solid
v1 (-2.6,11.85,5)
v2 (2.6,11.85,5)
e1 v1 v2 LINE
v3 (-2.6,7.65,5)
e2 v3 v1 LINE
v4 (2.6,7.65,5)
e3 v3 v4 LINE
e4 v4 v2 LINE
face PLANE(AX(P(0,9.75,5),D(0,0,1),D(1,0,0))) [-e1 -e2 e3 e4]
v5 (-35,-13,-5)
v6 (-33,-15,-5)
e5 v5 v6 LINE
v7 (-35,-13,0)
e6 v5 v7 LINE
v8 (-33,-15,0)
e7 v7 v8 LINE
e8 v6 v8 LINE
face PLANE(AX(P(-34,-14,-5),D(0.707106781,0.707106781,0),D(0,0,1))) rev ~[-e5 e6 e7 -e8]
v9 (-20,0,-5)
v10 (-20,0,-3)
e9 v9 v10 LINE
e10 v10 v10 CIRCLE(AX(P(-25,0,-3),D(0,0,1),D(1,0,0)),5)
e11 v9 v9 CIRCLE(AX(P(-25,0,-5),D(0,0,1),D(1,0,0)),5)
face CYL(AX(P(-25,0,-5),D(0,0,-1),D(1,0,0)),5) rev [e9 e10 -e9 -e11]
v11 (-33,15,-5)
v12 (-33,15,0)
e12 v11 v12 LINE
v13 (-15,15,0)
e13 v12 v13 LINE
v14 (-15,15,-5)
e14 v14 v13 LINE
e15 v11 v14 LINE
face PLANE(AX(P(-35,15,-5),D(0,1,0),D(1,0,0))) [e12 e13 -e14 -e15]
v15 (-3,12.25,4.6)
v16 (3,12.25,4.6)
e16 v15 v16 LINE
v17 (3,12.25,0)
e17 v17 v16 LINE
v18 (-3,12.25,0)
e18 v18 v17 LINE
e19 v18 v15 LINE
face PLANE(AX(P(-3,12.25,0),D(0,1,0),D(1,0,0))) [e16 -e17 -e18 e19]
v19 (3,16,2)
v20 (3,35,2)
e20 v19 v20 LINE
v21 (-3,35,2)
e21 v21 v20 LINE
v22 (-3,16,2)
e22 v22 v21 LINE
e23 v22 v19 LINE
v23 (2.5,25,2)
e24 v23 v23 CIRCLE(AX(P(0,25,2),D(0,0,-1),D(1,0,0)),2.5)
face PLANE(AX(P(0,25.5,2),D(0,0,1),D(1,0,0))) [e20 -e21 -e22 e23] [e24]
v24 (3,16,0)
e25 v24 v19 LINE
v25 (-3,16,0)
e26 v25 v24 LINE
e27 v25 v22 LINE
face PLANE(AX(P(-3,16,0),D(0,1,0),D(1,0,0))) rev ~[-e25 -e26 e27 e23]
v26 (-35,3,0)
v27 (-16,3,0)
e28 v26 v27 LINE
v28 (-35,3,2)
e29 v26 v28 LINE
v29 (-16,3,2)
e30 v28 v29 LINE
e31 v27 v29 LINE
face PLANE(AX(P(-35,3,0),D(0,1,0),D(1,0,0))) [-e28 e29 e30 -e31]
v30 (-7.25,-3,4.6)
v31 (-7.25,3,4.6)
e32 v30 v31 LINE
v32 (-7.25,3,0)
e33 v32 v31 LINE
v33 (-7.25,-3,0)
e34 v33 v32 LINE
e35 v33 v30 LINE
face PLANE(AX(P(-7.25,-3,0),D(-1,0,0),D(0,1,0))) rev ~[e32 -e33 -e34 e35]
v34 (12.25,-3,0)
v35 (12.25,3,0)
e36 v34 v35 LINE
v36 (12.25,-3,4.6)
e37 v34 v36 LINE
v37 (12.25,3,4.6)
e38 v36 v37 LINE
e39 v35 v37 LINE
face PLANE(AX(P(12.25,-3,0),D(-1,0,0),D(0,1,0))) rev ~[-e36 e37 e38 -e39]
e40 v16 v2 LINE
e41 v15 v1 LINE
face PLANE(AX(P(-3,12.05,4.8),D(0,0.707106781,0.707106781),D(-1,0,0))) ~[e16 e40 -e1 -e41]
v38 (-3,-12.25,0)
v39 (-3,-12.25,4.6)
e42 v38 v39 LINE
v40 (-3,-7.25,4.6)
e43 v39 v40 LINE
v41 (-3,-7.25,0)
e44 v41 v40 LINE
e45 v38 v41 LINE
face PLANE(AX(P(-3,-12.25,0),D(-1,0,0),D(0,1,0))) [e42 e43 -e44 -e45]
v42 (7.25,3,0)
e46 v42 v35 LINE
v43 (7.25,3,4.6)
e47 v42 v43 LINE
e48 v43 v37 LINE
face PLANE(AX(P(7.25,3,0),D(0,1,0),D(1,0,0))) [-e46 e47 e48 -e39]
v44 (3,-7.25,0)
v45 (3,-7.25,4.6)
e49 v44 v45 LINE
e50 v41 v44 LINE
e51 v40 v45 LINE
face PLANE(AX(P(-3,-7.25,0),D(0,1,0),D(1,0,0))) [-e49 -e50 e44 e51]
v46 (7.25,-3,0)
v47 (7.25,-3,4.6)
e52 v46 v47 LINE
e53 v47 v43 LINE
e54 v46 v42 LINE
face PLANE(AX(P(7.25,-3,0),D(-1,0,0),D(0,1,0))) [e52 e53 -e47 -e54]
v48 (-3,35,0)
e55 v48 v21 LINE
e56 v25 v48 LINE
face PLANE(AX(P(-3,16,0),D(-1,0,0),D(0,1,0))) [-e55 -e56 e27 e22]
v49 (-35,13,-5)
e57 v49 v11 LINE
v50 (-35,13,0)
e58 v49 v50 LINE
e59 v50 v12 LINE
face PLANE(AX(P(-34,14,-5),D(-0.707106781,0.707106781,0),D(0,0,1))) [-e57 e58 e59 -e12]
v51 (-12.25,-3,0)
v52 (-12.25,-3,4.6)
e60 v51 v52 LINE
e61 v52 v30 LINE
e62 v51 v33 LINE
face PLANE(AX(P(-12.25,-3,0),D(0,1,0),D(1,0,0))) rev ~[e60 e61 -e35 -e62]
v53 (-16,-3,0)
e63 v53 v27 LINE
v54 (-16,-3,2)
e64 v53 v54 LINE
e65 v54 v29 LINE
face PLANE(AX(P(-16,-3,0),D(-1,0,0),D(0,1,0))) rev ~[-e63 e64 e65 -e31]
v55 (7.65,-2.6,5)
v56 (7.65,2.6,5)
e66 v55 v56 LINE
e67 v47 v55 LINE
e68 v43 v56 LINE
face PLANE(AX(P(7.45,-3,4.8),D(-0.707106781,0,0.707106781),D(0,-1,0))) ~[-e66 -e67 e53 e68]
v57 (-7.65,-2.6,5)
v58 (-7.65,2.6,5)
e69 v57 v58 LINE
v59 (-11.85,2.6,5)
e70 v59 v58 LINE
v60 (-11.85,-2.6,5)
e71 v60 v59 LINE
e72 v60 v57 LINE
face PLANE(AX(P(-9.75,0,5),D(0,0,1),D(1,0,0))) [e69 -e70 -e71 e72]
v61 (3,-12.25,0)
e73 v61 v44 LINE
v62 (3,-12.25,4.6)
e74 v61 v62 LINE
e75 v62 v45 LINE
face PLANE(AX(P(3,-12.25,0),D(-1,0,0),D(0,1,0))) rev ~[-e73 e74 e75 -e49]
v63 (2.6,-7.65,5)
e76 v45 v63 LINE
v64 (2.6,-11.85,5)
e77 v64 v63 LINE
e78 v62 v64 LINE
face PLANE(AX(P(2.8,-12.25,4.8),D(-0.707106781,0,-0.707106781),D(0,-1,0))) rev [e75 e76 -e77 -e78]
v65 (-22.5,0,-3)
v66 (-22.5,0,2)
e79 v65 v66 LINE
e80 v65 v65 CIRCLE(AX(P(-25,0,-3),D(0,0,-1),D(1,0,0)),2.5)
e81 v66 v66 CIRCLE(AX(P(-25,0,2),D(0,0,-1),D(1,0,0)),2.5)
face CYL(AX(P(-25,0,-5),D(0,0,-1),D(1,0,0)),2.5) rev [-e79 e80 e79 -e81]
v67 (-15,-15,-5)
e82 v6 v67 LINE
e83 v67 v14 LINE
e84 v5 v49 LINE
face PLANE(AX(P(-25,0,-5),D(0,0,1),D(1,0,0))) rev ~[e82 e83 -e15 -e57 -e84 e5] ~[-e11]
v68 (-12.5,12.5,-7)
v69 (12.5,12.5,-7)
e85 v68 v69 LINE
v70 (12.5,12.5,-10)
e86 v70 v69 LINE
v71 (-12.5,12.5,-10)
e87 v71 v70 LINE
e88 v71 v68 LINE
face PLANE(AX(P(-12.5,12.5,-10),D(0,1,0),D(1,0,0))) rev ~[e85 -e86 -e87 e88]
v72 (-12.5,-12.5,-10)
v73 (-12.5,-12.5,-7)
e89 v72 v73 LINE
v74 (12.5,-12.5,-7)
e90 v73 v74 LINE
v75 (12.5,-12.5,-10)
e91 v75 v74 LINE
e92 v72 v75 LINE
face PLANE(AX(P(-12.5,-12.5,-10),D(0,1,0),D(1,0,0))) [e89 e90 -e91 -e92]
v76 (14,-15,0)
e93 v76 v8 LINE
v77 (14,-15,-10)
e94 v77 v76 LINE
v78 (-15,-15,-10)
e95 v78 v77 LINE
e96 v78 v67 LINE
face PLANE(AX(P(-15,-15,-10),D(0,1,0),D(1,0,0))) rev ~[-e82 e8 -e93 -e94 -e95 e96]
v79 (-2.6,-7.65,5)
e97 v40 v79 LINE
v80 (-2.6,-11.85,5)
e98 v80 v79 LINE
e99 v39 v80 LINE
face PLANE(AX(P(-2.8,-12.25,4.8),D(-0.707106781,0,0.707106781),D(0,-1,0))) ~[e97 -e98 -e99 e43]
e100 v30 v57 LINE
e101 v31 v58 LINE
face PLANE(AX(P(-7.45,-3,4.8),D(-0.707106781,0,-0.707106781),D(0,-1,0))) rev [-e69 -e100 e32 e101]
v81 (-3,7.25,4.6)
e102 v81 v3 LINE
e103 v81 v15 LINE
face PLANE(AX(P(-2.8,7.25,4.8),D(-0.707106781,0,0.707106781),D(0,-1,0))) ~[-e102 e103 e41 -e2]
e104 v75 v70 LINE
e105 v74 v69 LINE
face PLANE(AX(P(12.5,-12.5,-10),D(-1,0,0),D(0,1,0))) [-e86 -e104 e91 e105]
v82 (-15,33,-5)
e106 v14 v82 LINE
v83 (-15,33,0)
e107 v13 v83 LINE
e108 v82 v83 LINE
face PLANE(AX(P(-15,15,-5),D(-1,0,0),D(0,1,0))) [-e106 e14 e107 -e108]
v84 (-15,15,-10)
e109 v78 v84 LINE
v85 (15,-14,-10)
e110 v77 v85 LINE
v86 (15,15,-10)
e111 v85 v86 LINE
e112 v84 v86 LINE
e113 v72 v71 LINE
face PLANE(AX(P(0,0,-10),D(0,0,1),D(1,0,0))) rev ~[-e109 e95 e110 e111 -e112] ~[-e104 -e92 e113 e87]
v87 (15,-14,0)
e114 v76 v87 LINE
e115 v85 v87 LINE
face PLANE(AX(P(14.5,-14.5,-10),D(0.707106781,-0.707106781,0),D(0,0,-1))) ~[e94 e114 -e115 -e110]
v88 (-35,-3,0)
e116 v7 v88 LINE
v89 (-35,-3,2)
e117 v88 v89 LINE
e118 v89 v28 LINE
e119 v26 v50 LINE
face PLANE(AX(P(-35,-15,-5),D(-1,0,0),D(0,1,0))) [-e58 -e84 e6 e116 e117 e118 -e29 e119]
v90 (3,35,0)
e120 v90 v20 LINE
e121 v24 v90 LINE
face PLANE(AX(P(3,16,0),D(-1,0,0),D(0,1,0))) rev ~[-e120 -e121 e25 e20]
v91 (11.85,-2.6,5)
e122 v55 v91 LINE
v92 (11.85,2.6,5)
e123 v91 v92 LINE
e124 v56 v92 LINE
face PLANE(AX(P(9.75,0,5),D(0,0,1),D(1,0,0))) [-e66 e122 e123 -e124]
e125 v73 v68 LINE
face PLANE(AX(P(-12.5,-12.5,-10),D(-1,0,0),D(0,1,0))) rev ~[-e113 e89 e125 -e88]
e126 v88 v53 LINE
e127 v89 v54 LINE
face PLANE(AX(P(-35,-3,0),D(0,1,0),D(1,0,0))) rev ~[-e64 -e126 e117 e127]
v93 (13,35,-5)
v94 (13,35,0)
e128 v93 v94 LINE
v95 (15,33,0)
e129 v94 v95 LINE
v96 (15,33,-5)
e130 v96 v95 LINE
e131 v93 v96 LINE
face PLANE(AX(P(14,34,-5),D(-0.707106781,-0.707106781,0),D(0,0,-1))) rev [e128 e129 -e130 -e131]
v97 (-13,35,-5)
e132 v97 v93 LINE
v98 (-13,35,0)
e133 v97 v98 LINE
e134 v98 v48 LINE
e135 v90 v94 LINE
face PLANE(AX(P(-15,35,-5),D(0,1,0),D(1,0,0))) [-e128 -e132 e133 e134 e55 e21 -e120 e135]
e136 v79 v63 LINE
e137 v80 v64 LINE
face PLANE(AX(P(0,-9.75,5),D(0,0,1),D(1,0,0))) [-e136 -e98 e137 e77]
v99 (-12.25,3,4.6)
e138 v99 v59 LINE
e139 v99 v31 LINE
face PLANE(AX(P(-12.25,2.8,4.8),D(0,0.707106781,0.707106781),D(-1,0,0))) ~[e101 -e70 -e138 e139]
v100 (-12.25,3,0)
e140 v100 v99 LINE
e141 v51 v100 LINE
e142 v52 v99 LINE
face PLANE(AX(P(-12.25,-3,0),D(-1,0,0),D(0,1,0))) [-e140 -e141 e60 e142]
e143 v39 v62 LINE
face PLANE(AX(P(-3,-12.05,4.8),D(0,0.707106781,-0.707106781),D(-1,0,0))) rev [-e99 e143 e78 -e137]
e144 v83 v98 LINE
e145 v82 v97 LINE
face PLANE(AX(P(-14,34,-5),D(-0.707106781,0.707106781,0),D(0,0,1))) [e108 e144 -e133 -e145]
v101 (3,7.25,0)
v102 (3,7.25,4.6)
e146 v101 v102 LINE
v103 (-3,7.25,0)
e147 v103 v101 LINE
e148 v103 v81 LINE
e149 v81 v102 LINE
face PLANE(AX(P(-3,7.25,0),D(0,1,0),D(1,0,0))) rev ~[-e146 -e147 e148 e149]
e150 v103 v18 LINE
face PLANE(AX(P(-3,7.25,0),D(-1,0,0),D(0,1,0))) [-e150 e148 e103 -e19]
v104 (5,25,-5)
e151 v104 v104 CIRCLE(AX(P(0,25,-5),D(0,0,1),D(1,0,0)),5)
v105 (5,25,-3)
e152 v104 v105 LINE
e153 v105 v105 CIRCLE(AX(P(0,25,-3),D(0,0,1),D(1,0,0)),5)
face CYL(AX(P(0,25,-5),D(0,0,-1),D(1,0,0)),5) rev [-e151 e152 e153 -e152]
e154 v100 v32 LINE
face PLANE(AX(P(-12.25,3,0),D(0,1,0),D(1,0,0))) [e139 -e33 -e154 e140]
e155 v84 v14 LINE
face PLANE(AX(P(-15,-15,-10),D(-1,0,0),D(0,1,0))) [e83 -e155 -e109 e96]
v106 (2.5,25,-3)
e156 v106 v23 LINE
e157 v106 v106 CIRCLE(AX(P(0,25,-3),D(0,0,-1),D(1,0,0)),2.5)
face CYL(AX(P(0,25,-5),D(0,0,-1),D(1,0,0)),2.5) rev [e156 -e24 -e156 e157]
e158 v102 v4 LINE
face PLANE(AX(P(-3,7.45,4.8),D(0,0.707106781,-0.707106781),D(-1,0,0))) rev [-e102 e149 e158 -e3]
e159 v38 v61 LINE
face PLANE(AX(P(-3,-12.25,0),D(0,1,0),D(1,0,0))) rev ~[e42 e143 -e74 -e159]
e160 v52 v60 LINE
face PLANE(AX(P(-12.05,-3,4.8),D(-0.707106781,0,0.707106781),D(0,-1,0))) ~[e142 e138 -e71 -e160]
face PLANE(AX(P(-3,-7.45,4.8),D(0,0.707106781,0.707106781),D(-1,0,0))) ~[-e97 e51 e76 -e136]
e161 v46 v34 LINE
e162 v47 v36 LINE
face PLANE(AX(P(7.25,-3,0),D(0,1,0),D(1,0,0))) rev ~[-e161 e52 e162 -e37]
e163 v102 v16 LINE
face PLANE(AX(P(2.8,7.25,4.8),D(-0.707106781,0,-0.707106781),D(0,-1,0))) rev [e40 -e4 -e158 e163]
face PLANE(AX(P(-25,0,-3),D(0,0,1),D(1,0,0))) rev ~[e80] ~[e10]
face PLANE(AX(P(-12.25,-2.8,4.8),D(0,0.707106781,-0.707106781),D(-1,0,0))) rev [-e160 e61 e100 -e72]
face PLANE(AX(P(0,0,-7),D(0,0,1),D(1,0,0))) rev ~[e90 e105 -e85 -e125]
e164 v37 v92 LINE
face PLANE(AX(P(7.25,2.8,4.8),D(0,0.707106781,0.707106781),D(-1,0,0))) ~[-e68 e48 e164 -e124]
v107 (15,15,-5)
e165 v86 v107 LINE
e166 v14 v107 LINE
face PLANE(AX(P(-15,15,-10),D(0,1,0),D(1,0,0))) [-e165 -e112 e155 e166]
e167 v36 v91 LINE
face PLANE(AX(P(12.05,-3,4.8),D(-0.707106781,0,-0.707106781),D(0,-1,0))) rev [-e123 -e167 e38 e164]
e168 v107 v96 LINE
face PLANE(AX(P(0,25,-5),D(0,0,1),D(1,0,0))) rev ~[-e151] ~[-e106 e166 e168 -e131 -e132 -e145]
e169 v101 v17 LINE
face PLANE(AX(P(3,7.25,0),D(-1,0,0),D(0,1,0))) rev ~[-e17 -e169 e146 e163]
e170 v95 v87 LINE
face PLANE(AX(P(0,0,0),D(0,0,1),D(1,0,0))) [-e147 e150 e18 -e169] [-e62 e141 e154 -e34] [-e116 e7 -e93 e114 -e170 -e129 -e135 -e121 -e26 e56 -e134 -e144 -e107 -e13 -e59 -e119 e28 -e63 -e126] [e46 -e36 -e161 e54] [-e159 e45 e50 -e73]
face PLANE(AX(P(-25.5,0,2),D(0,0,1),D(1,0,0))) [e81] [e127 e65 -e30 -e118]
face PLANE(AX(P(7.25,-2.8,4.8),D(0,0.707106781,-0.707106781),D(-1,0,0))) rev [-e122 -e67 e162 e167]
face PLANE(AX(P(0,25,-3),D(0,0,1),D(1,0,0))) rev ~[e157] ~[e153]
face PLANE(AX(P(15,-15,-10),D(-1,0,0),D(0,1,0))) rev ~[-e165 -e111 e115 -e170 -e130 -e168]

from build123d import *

# Parameters (mm, degrees)
BOX009_W          = 25
BOX009_H          = 25
BOX009_DEPTH      = 3
CYLINDER002_R     = 5
CYLINDER002_DEPTH = 2
CYLINDER003_R     = 5
CYLINDER003_DEPTH = 2
BOX004_W          = 5
BOX004_H          = 6
BOX004_DEPTH      = 5
CHAMFER004_SIZE   = 0.4
BOX003_W          = 5
BOX003_H          = 6
BOX003_DEPTH      = 5
CHAMFER003_SIZE   = 0.4
BOX002_W          = 6
BOX002_H          = 5
BOX002_DEPTH      = 5
CHAMFER002_SIZE   = 0.4
CYLINDER001_R     = 2.5
CYLINDER001_DEPTH = 10
BOX005_W          = 30
BOX005_H          = 20
BOX005_DEPTH      = 5
BOX007_W          = 6
BOX007_H          = 19
BOX007_DEPTH      = 2
CHAMFER001_SIZE   = 2
CYLINDER_R        = 2.5
CYLINDER_DEPTH    = 10
BOX006_W          = 20
BOX006_H          = 30
BOX006_DEPTH      = 5
BOX008_W          = 19
BOX008_H          = 6
BOX008_DEPTH      = 2
CHAMFER_SIZE      = 2
BOX_W             = 30
BOX_H             = 30
BOX_DEPTH         = 10
BOX001_W          = 6
BOX001_H          = 5
BOX001_DEPTH      = 5
CHAMFER005_SIZE   = 0.4
CHAMFER006_SIZE   = 1


with BuildPart() as cube009:
    # Box009 → Box009 (new body)
    with BuildSketch(Plane(origin=(-12.5, -12.5, -10), x_dir=(1, 0, 0), z_dir=(0, 0, 1))):
        with Locations((12.5, 12.5)):
            Rectangle(BOX009_W, BOX009_H)
    extrude(amount=BOX009_DEPTH)


with BuildPart() as cylinder002:
    # Cylinder002 → Cylinder002 (new body)
    with BuildSketch(Plane(origin=(0, 25, -5), x_dir=(1, 0, 0), z_dir=(0, 0, 1))):
        Circle(CYLINDER002_R)
    extrude(amount=CYLINDER002_DEPTH)


with BuildPart() as cylinder003:
    # Cylinder003 → Cylinder003 (new body)
    with BuildSketch(Plane(origin=(-25, 0, -5), x_dir=(1, 0, 0), z_dir=(0, 0, 1))):
        Circle(CYLINDER003_R)
    extrude(amount=CYLINDER003_DEPTH)


with BuildPart() as chamfer004:
    # Box004 → Box004 (new body)
    with BuildSketch(Plane(origin=(-12.25, -3, 0), x_dir=(1, 0, 0), z_dir=(0, 0, 1))):
        with Locations((2.5, 3)):
            Rectangle(BOX004_W, BOX004_H)
    extrude(amount=BOX004_DEPTH)

    # Chamfer004
    chamfer004_edges = [chamfer004.edges().sort_by_distance(p)[0] for p in [
        (-12.25, 0, 5),
        (-7.25, 0, 5),
        (-9.75, -3, 5),
        (-9.75, 3, 5),
    ]]
    chamfer(chamfer004_edges, length=CHAMFER004_SIZE)


with BuildPart() as chamfer003:
    # Box003 → Box003 (new body)
    with BuildSketch(Plane(origin=(7.25, -3, 0), x_dir=(1, 0, 0), z_dir=(0, 0, 1))):
        with Locations((2.5, 3)):
            Rectangle(BOX003_W, BOX003_H)
    extrude(amount=BOX003_DEPTH)

    # Chamfer003
    chamfer003_edges = [chamfer003.edges().sort_by_distance(p)[0] for p in [
        (7.25, 0, 5),
        (12.25, 0, 5),
        (9.75, -3, 5),
        (9.75, 3, 5),
    ]]
    chamfer(chamfer003_edges, length=CHAMFER003_SIZE)


with BuildPart() as chamfer002:
    # Box002 → Box002 (new body)
    with BuildSketch(Plane(origin=(-3, -12.25, 0), x_dir=(1, 0, 0), z_dir=(0, 0, 1))):
        with Locations((3, 2.5)):
            Rectangle(BOX002_W, BOX002_H)
    extrude(amount=BOX002_DEPTH)

    # Chamfer002
    chamfer002_edges = [chamfer002.edges().sort_by_distance(p)[0] for p in [
        (-3, -9.75, 5),
        (3, -9.75, 5),
        (0, -12.25, 5),
        (0, -7.25, 5),
    ]]
    chamfer(chamfer002_edges, length=CHAMFER002_SIZE)


with BuildPart() as cylinder001:
    # Cylinder001 → Cylinder001 (new body)
    with BuildSketch(Plane(origin=(0, 25, -5), x_dir=(1, 0, 0), z_dir=(0, 0, 1))):
        Circle(CYLINDER001_R)
    extrude(amount=CYLINDER001_DEPTH)


with BuildPart() as cube005:
    # Box005 → Box005 (new body)
    with BuildSketch(Plane(origin=(-15, 15, -5), x_dir=(1, 0, 0), z_dir=(0, 0, 1))):
        with Locations((15, 10)):
            Rectangle(BOX005_W, BOX005_H)
    extrude(amount=BOX005_DEPTH)


with BuildPart() as chamfer001:
    # Box007 → Box007 (new body)
    with BuildSketch(Plane(origin=(-3, 16, 0), x_dir=(1, 0, 0), z_dir=(0, 0, 1))):
        with Locations((3, 9.5)):
            Rectangle(BOX007_W, BOX007_H)
    extrude(amount=BOX007_DEPTH)

    # Fusion001: union Cube005
    add(cube005.part)

    # Cut001: cut Cylinder001
    add(cylinder001.part, mode=Mode.SUBTRACT)

    # Chamfer001
    chamfer001_edges = [chamfer001.edges().sort_by_distance(p)[0] for p in [
        (-15, 35, -2.5),
        (15, 35, -2.5),
    ]]
    chamfer(chamfer001_edges, length=CHAMFER001_SIZE)


with BuildPart() as cylinder:
    # Cylinder → Cylinder (new body)
    with BuildSketch(Plane(origin=(-25, 0, -5), x_dir=(1, 0, 0), z_dir=(0, 0, 1))):
        Circle(CYLINDER_R)
    extrude(amount=CYLINDER_DEPTH)


with BuildPart() as cube006:
    # Box006 → Box006 (new body)
    with BuildSketch(Plane(origin=(-35, -15, -5), x_dir=(1, 0, 0), z_dir=(0, 0, 1))):
        with Locations((10, 15)):
            Rectangle(BOX006_W, BOX006_H)
    extrude(amount=BOX006_DEPTH)


with BuildPart() as chamfer_body:
    # Box008 → Box008 (new body)
    with BuildSketch(Plane(origin=(-35, -3, 0), x_dir=(1, 0, 0), z_dir=(0, 0, 1))):
        with Locations((9.5, 3)):
            Rectangle(BOX008_W, BOX008_H)
    extrude(amount=BOX008_DEPTH)

    # Fusion: union Cube006
    add(cube006.part)

    # Cut: cut Cylinder
    add(cylinder.part, mode=Mode.SUBTRACT)

    # Chamfer
    chamfer_edges = [chamfer_body.edges().sort_by_distance(p)[0] for p in [
        (-35, -15, -2.5),
        (-35, 15, -2.5),
    ]]
    chamfer(chamfer_edges, length=CHAMFER_SIZE)


with BuildPart() as cube:
    # Box → Box (new body)
    with BuildSketch(Plane(origin=(-15, -15, -10), x_dir=(1, 0, 0), z_dir=(0, 0, 1))):
        with Locations((15, 15)):
            Rectangle(BOX_W, BOX_H)
    extrude(amount=BOX_DEPTH)


with BuildPart() as cut004:
    # Box001 → Box001 (new body)
    with BuildSketch(Plane(origin=(-3, 7.25, 0), x_dir=(1, 0, 0), z_dir=(0, 0, 1))):
        with Locations((3, 2.5)):
            Rectangle(BOX001_W, BOX001_H)
    extrude(amount=BOX001_DEPTH)

    # Chamfer005
    chamfer005_edges = [cut004.edges().sort_by_distance(p)[0] for p in [
        (-3, 9.75, 5),
        (3, 9.75, 5),
        (0, 7.25, 5),
        (0, 12.25, 5),
    ]]
    chamfer(chamfer005_edges, length=CHAMFER005_SIZE)

    # Fusion002: union Chamfer004, Chamfer003, Chamfer002, Chamfer001, Chamfer body, Cube
    add(chamfer004.part)
    add(chamfer003.part)
    add(chamfer002.part)
    add(chamfer001.part)
    add(chamfer_body.part)
    add(cube.part)

    # Cut002: cut Cylinder003
    add(cylinder003.part, mode=Mode.SUBTRACT)

    # Cut003: cut Cylinder002
    add(cylinder002.part, mode=Mode.SUBTRACT)

    # Chamfer006
    chamfer006_edges = [cut004.edges().sort_by_distance(p)[0] for p in [
        (15, -15, -5),
    ]]
    chamfer(chamfer006_edges, length=CHAMFER006_SIZE)

    # Cut004: cut Cube009
    add(cube009.part, mode=Mode.SUBTRACT)


solid = cut004.part
